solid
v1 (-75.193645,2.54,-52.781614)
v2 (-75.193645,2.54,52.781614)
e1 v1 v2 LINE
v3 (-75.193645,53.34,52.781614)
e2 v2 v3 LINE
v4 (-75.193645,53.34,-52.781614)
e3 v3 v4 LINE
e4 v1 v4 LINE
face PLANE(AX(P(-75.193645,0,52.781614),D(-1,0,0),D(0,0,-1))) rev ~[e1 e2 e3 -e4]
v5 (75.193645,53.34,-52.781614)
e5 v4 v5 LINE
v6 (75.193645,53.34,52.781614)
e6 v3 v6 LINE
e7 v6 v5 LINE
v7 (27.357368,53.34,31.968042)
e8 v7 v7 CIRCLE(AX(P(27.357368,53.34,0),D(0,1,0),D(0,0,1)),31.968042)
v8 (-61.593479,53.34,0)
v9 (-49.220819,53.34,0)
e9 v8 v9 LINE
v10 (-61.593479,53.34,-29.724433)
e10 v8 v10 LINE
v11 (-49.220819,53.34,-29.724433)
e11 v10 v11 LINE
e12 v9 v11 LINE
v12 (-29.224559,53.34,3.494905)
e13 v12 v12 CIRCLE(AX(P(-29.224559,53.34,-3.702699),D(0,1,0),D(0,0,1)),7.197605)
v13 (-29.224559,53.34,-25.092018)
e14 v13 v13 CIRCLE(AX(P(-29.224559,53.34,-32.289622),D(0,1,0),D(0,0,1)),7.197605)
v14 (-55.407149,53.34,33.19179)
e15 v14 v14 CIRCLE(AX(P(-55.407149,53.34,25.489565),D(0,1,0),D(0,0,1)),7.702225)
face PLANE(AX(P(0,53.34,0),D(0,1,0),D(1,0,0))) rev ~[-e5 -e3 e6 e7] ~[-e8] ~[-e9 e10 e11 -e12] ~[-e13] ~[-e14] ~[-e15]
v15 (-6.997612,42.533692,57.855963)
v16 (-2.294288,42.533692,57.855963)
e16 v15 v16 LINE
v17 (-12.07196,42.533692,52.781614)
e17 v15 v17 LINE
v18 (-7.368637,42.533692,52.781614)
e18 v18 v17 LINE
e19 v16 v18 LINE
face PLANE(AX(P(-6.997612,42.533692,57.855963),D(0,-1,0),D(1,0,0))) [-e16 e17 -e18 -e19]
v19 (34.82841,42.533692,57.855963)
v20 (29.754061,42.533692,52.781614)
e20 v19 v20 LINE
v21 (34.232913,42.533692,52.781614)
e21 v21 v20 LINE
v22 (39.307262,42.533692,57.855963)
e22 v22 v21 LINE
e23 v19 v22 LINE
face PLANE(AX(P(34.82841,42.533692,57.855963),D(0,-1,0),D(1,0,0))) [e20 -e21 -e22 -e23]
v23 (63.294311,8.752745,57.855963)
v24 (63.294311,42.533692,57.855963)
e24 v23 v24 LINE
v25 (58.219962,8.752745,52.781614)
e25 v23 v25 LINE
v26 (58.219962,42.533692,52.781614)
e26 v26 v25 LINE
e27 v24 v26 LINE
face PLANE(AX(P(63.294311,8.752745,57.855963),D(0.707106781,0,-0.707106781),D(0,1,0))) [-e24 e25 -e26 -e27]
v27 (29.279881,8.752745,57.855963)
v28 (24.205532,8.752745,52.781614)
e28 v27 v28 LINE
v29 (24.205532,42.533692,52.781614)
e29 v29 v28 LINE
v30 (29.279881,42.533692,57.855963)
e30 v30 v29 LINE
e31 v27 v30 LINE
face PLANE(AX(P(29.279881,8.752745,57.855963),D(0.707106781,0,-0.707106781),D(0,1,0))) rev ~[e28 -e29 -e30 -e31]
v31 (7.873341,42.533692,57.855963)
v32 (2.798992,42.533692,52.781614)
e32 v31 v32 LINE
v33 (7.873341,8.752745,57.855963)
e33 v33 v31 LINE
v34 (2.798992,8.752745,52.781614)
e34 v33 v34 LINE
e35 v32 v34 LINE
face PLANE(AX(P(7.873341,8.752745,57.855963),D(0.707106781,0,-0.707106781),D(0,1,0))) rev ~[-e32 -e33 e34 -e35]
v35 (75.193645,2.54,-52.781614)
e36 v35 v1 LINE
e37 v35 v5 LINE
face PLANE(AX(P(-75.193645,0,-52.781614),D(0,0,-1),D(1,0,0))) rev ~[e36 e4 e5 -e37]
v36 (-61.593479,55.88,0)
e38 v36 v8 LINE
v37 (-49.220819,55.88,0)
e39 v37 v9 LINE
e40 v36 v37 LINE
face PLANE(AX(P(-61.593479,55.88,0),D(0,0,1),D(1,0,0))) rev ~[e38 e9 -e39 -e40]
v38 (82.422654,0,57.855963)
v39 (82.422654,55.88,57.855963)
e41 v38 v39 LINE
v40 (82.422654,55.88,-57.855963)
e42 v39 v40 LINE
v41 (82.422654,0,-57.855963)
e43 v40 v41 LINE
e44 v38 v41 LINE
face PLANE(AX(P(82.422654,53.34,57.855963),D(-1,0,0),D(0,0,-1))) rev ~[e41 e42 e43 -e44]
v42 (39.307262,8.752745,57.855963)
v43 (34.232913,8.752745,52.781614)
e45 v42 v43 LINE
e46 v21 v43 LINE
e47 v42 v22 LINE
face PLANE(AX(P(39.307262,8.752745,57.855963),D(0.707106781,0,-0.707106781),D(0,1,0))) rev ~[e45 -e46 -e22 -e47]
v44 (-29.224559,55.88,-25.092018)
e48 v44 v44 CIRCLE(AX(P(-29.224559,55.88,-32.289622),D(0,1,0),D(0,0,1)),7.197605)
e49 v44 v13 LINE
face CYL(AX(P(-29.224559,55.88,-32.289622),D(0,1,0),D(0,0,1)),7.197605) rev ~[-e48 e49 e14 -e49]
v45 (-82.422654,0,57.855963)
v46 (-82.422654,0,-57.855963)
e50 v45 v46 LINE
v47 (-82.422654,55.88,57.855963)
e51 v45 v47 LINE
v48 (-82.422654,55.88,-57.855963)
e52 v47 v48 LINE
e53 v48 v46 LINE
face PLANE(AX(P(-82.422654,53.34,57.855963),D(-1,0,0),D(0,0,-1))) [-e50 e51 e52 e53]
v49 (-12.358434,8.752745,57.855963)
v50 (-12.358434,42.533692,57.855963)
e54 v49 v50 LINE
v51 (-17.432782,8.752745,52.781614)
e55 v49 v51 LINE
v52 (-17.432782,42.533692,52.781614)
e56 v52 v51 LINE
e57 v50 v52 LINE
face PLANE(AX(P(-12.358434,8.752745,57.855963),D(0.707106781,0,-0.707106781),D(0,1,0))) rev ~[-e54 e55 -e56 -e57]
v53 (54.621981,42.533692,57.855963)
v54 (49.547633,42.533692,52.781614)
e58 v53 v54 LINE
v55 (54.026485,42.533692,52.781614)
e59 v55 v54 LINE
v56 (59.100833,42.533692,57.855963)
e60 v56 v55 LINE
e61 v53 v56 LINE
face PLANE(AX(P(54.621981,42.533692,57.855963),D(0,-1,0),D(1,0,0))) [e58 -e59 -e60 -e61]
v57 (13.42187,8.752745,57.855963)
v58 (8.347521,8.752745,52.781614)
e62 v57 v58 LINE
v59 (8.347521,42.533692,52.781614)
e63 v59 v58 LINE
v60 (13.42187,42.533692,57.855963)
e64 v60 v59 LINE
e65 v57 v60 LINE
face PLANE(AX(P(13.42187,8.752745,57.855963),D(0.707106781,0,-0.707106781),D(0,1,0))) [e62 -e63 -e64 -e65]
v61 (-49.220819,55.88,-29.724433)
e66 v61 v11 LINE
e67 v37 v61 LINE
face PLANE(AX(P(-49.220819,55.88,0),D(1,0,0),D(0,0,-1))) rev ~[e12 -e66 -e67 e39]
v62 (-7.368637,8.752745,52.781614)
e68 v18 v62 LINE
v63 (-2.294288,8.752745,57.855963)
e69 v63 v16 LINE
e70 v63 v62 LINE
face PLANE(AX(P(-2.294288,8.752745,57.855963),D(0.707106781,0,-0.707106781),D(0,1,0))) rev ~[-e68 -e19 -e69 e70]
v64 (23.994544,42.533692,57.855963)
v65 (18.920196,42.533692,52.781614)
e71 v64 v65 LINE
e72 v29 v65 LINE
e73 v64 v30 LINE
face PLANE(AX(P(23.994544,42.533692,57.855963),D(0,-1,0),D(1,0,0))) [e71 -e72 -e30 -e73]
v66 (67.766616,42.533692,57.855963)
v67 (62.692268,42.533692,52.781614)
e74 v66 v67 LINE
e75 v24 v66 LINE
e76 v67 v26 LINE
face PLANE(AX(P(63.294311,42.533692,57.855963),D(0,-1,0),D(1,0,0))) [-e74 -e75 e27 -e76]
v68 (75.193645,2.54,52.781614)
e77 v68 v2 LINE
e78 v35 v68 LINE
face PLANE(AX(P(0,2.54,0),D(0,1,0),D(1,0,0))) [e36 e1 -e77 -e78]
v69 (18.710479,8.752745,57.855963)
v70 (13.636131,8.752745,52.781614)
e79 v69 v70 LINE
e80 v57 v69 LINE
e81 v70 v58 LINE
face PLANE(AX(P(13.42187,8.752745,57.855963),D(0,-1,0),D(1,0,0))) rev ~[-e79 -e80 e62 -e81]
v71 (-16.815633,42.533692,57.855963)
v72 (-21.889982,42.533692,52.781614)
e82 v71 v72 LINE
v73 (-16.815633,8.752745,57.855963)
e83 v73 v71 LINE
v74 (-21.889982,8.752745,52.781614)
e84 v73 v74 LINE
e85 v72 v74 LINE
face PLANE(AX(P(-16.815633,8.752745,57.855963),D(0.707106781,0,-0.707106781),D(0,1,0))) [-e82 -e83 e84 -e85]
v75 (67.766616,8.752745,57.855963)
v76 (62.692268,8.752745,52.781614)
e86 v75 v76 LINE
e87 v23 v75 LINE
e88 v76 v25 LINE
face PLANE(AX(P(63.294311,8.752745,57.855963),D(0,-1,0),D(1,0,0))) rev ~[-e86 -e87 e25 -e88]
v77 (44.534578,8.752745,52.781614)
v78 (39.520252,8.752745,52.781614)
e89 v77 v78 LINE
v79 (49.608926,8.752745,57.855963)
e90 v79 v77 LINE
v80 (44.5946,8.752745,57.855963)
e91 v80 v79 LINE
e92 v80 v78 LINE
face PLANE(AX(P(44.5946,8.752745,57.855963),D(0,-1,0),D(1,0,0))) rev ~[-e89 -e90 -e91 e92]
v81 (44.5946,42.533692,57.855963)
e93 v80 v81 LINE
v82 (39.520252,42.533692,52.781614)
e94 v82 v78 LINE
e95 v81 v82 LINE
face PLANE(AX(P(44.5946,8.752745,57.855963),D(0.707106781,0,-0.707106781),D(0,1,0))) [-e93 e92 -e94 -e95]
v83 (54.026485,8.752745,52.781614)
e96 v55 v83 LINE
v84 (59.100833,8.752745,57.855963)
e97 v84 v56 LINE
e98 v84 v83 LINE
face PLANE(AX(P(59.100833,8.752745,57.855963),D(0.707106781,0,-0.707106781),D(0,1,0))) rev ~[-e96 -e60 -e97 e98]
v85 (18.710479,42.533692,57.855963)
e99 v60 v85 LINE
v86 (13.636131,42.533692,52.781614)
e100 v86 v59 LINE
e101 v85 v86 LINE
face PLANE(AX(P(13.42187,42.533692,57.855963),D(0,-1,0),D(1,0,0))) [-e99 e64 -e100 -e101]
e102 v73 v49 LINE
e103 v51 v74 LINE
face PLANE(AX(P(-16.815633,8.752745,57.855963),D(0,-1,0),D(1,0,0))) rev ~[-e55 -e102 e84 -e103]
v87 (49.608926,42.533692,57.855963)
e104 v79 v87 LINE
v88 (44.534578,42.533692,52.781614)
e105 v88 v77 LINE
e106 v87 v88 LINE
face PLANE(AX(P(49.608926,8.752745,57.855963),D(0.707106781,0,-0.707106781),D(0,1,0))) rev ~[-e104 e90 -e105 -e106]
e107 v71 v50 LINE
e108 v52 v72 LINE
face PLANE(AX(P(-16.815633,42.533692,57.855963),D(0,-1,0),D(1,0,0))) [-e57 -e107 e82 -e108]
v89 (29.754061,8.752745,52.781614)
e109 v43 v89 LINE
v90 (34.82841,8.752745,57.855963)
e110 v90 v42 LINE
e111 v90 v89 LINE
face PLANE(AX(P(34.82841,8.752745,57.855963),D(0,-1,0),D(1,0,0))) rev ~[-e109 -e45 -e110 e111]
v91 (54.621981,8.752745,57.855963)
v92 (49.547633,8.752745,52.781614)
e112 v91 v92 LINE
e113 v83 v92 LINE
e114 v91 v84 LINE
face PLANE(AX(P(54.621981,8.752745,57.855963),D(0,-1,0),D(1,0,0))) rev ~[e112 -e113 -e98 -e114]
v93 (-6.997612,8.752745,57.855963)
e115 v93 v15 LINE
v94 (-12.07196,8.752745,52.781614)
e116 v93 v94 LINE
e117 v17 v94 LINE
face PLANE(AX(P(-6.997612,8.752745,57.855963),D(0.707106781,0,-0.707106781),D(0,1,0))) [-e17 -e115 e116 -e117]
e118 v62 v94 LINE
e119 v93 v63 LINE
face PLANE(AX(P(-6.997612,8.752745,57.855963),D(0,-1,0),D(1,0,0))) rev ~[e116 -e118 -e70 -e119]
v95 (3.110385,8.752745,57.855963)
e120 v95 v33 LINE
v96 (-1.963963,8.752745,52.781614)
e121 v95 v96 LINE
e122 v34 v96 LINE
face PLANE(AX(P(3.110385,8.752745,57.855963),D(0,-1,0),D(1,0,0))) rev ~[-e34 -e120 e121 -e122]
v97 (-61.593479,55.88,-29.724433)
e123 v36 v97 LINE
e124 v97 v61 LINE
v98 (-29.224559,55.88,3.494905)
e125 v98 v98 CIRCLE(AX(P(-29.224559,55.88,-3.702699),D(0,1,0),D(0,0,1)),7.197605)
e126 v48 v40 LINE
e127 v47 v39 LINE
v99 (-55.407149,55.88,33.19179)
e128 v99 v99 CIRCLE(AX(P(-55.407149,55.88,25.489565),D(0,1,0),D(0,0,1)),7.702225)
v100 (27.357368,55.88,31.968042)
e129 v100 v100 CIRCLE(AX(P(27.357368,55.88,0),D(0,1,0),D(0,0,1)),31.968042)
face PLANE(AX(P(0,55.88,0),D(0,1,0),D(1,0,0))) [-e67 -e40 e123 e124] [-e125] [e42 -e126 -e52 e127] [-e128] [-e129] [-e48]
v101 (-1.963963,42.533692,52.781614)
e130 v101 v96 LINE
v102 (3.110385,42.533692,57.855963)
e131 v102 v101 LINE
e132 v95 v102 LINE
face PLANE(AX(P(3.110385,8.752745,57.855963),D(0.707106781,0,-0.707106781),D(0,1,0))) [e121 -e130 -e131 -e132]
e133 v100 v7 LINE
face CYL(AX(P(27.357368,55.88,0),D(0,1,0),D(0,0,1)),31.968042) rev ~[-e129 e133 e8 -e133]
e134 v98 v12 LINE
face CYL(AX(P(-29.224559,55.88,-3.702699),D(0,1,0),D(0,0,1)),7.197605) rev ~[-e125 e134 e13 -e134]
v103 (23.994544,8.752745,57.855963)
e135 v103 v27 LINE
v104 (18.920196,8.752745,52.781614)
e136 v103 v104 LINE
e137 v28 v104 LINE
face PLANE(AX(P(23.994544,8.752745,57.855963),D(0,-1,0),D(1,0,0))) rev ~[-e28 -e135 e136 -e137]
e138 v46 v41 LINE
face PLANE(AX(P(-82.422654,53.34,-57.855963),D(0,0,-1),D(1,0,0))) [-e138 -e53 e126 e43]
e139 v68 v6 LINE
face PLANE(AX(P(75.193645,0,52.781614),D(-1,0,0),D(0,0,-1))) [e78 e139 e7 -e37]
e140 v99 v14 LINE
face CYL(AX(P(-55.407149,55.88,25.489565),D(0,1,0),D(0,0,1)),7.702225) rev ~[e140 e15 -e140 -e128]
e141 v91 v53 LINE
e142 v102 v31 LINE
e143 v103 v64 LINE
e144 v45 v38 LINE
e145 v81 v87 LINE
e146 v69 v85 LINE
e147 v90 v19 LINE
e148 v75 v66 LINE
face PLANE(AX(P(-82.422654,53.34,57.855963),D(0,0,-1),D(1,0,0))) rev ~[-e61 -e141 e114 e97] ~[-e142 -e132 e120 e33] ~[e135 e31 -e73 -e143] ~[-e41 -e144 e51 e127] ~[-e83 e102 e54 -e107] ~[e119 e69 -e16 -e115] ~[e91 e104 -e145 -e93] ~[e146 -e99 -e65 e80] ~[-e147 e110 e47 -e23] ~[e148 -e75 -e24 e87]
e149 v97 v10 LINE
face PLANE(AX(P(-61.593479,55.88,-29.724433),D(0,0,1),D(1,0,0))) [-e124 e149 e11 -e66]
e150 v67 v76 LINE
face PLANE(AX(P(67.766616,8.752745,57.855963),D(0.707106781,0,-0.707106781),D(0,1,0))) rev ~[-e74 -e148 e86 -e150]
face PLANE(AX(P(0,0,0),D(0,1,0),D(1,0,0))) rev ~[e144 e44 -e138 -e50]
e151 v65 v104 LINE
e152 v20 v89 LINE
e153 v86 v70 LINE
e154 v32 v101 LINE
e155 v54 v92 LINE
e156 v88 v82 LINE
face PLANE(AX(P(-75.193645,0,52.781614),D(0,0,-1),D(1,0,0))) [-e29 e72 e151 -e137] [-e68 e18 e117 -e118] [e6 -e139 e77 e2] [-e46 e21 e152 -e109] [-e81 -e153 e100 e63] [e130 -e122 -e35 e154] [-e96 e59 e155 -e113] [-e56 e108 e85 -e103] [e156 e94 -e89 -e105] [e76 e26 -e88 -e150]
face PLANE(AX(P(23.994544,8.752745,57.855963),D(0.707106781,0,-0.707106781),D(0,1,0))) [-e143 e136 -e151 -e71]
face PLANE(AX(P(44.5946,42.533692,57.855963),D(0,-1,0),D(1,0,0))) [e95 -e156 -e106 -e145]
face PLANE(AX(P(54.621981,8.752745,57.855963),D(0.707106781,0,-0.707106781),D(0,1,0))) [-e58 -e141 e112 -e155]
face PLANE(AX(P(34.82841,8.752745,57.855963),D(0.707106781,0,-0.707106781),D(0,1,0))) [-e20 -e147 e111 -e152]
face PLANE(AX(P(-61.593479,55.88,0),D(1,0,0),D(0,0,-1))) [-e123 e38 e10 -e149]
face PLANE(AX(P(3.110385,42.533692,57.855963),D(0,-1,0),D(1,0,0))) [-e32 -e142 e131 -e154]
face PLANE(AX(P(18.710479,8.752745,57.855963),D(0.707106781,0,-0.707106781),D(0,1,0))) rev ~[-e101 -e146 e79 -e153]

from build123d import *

# Parameters (mm, degrees)
SKETCH1_W           = 164.845307866
SKETCH1_H           = 115.711925012
SKETCH1_W_2         = 150.387290324
SKETCH1_H_2         = 105.563228254
BOSS_EXTRUDE1_DEPTH = 2.54
SKETCH1_3_W         = 164.845307866
SKETCH1_3_H         = 115.711925012
SKETCH1_3_W_2       = 150.387290324
SKETCH1_3_H_2       = 105.563228254
BOSS_EXTRUDE2_DEPTH = 53.34
BOSS_EXTRUDE3_START = 53.34
SKETCH1_4_W         = 164.845307866
SKETCH1_4_H         = 115.711925012
SKETCH1_4_W_2       = 150.387290324
SKETCH1_4_H_2       = 105.563228254
BOSS_EXTRUDE3_DEPTH = 2.54
SKETCH2_R           = 31.968042231
SKETCH2_R_2         = 7.197604608
SKETCH2_R_3         = 7.702224934
SKETCH2_W           = 12.372659968
SKETCH2_H           = 29.724433098
CUT_EXTRUDE1_DEPTH  = 2.54
SKETCH3_W           = 4.472305678
SKETCH3_H           = 33.780947159
SKETCH3_W_2         = 4.478852124
SKETCH3_W_3         = 5.014326271
SKETCH3_W_4         = 5.285336568
SKETCH3_W_5         = 5.288609791
SKETCH3_W_6         = 4.762955313
SKETCH3_W_7         = 4.703323858
SKETCH3_W_8         = 4.457199363
CUT_EXTRUDE2_DEPTH  = 81.820687539


with BuildPart() as part:
    # Sketch1 → Boss-Extrude1 (new body)
    with BuildSketch(Plane(origin=(0, 0, 0), x_dir=(1, 0, 0), z_dir=(0, 1, 0))):
        Rectangle(SKETCH1_W, SKETCH1_H)
        Rectangle(SKETCH1_W_2, SKETCH1_H_2, mode=Mode.SUBTRACT)
        Rectangle(SKETCH1_W_2, SKETCH1_H_2)
    extrude(amount=BOSS_EXTRUDE1_DEPTH)

    # Sketch1<3> → Boss-Extrude2 (add)
    with BuildSketch(Plane(origin=(0, 0, 0), x_dir=(1, 0, 0), z_dir=(0, 1, 0))):
        Rectangle(SKETCH1_3_W, SKETCH1_3_H)
        Rectangle(SKETCH1_3_W_2, SKETCH1_3_H_2, mode=Mode.SUBTRACT)
    extrude(amount=BOSS_EXTRUDE2_DEPTH)

    # Sketch1<4> → Boss-Extrude3 (add)
    with BuildSketch(Plane(origin=(0, 0, 0), x_dir=(1, 0, 0), z_dir=(0, 1, 0)).offset(BOSS_EXTRUDE3_START)):
        Rectangle(SKETCH1_4_W, SKETCH1_4_H)
        Rectangle(SKETCH1_4_W_2, SKETCH1_4_H_2, mode=Mode.SUBTRACT)
        Rectangle(SKETCH1_4_W_2, SKETCH1_4_H_2)
    extrude(amount=BOSS_EXTRUDE3_DEPTH)

    # Sketch2 → Cut-Extrude1 (cut)
    with BuildSketch(Plane(origin=(0, 55.88, 0), x_dir=(1, 0, 0), z_dir=(0, 1, 0))):
        with Locations(Location((27.35736774, 0, 0), (0, 0, 270))):
            Circle(SKETCH2_R)
        with Locations(Location((-29.22455859, 32.289622442, 0), (0, 0, 270))):
            Circle(SKETCH2_R_2)
        with Locations(Location((-29.22455859, 3.70269924, 0), (0, 0, 270))):
            Circle(SKETCH2_R_2)
        with Locations(Location((-55.407149161, -25.489564673, 0), (0, 0, 270))):
            Circle(SKETCH2_R_3)
        with Locations((-55.407149161, 14.862216549)):
            Rectangle(SKETCH2_W, SKETCH2_H)
    extrude(amount=-CUT_EXTRUDE1_DEPTH, mode=Mode.SUBTRACT)

    # Sketch3 → Cut-Extrude2 (cut, along a direction that is not the sketch's normal)
    with BuildSketch(Plane.XY.offset(57.855962506)):
        with Locations((65.530463392, 25.643218911)):
            Rectangle(SKETCH3_W, SKETCH3_H)
        with Locations((56.86140712, 25.643218911)):
            Rectangle(SKETCH3_W_2, SKETCH3_H)
        with Locations((47.101763215, 25.643218911)):
            Rectangle(SKETCH3_W_3, SKETCH3_H)
        with Locations((37.06783579, 25.643218911)):
            Rectangle(SKETCH3_W_2, SKETCH3_H)
        with Locations((26.637212589, 25.643218911)):
            Rectangle(SKETCH3_W_4, SKETCH3_H)
        with Locations((16.066174405, 25.643218911)):
            Rectangle(SKETCH3_W_5, SKETCH3_H)
        with Locations((5.491862999, 25.643218911)):
            Rectangle(SKETCH3_W_6, SKETCH3_H)
        with Locations((-4.645950069, 25.643218911)):
            Rectangle(SKETCH3_W_7, SKETCH3_H)
        with Locations((-14.58703369, 25.643218911)):
            Rectangle(SKETCH3_W_8, SKETCH3_H)
    extrude(amount=-CUT_EXTRUDE2_DEPTH, dir=(0.7071067811865475, 0, 0.7071067811865477), mode=Mode.SUBTRACT)


solid = part.part
